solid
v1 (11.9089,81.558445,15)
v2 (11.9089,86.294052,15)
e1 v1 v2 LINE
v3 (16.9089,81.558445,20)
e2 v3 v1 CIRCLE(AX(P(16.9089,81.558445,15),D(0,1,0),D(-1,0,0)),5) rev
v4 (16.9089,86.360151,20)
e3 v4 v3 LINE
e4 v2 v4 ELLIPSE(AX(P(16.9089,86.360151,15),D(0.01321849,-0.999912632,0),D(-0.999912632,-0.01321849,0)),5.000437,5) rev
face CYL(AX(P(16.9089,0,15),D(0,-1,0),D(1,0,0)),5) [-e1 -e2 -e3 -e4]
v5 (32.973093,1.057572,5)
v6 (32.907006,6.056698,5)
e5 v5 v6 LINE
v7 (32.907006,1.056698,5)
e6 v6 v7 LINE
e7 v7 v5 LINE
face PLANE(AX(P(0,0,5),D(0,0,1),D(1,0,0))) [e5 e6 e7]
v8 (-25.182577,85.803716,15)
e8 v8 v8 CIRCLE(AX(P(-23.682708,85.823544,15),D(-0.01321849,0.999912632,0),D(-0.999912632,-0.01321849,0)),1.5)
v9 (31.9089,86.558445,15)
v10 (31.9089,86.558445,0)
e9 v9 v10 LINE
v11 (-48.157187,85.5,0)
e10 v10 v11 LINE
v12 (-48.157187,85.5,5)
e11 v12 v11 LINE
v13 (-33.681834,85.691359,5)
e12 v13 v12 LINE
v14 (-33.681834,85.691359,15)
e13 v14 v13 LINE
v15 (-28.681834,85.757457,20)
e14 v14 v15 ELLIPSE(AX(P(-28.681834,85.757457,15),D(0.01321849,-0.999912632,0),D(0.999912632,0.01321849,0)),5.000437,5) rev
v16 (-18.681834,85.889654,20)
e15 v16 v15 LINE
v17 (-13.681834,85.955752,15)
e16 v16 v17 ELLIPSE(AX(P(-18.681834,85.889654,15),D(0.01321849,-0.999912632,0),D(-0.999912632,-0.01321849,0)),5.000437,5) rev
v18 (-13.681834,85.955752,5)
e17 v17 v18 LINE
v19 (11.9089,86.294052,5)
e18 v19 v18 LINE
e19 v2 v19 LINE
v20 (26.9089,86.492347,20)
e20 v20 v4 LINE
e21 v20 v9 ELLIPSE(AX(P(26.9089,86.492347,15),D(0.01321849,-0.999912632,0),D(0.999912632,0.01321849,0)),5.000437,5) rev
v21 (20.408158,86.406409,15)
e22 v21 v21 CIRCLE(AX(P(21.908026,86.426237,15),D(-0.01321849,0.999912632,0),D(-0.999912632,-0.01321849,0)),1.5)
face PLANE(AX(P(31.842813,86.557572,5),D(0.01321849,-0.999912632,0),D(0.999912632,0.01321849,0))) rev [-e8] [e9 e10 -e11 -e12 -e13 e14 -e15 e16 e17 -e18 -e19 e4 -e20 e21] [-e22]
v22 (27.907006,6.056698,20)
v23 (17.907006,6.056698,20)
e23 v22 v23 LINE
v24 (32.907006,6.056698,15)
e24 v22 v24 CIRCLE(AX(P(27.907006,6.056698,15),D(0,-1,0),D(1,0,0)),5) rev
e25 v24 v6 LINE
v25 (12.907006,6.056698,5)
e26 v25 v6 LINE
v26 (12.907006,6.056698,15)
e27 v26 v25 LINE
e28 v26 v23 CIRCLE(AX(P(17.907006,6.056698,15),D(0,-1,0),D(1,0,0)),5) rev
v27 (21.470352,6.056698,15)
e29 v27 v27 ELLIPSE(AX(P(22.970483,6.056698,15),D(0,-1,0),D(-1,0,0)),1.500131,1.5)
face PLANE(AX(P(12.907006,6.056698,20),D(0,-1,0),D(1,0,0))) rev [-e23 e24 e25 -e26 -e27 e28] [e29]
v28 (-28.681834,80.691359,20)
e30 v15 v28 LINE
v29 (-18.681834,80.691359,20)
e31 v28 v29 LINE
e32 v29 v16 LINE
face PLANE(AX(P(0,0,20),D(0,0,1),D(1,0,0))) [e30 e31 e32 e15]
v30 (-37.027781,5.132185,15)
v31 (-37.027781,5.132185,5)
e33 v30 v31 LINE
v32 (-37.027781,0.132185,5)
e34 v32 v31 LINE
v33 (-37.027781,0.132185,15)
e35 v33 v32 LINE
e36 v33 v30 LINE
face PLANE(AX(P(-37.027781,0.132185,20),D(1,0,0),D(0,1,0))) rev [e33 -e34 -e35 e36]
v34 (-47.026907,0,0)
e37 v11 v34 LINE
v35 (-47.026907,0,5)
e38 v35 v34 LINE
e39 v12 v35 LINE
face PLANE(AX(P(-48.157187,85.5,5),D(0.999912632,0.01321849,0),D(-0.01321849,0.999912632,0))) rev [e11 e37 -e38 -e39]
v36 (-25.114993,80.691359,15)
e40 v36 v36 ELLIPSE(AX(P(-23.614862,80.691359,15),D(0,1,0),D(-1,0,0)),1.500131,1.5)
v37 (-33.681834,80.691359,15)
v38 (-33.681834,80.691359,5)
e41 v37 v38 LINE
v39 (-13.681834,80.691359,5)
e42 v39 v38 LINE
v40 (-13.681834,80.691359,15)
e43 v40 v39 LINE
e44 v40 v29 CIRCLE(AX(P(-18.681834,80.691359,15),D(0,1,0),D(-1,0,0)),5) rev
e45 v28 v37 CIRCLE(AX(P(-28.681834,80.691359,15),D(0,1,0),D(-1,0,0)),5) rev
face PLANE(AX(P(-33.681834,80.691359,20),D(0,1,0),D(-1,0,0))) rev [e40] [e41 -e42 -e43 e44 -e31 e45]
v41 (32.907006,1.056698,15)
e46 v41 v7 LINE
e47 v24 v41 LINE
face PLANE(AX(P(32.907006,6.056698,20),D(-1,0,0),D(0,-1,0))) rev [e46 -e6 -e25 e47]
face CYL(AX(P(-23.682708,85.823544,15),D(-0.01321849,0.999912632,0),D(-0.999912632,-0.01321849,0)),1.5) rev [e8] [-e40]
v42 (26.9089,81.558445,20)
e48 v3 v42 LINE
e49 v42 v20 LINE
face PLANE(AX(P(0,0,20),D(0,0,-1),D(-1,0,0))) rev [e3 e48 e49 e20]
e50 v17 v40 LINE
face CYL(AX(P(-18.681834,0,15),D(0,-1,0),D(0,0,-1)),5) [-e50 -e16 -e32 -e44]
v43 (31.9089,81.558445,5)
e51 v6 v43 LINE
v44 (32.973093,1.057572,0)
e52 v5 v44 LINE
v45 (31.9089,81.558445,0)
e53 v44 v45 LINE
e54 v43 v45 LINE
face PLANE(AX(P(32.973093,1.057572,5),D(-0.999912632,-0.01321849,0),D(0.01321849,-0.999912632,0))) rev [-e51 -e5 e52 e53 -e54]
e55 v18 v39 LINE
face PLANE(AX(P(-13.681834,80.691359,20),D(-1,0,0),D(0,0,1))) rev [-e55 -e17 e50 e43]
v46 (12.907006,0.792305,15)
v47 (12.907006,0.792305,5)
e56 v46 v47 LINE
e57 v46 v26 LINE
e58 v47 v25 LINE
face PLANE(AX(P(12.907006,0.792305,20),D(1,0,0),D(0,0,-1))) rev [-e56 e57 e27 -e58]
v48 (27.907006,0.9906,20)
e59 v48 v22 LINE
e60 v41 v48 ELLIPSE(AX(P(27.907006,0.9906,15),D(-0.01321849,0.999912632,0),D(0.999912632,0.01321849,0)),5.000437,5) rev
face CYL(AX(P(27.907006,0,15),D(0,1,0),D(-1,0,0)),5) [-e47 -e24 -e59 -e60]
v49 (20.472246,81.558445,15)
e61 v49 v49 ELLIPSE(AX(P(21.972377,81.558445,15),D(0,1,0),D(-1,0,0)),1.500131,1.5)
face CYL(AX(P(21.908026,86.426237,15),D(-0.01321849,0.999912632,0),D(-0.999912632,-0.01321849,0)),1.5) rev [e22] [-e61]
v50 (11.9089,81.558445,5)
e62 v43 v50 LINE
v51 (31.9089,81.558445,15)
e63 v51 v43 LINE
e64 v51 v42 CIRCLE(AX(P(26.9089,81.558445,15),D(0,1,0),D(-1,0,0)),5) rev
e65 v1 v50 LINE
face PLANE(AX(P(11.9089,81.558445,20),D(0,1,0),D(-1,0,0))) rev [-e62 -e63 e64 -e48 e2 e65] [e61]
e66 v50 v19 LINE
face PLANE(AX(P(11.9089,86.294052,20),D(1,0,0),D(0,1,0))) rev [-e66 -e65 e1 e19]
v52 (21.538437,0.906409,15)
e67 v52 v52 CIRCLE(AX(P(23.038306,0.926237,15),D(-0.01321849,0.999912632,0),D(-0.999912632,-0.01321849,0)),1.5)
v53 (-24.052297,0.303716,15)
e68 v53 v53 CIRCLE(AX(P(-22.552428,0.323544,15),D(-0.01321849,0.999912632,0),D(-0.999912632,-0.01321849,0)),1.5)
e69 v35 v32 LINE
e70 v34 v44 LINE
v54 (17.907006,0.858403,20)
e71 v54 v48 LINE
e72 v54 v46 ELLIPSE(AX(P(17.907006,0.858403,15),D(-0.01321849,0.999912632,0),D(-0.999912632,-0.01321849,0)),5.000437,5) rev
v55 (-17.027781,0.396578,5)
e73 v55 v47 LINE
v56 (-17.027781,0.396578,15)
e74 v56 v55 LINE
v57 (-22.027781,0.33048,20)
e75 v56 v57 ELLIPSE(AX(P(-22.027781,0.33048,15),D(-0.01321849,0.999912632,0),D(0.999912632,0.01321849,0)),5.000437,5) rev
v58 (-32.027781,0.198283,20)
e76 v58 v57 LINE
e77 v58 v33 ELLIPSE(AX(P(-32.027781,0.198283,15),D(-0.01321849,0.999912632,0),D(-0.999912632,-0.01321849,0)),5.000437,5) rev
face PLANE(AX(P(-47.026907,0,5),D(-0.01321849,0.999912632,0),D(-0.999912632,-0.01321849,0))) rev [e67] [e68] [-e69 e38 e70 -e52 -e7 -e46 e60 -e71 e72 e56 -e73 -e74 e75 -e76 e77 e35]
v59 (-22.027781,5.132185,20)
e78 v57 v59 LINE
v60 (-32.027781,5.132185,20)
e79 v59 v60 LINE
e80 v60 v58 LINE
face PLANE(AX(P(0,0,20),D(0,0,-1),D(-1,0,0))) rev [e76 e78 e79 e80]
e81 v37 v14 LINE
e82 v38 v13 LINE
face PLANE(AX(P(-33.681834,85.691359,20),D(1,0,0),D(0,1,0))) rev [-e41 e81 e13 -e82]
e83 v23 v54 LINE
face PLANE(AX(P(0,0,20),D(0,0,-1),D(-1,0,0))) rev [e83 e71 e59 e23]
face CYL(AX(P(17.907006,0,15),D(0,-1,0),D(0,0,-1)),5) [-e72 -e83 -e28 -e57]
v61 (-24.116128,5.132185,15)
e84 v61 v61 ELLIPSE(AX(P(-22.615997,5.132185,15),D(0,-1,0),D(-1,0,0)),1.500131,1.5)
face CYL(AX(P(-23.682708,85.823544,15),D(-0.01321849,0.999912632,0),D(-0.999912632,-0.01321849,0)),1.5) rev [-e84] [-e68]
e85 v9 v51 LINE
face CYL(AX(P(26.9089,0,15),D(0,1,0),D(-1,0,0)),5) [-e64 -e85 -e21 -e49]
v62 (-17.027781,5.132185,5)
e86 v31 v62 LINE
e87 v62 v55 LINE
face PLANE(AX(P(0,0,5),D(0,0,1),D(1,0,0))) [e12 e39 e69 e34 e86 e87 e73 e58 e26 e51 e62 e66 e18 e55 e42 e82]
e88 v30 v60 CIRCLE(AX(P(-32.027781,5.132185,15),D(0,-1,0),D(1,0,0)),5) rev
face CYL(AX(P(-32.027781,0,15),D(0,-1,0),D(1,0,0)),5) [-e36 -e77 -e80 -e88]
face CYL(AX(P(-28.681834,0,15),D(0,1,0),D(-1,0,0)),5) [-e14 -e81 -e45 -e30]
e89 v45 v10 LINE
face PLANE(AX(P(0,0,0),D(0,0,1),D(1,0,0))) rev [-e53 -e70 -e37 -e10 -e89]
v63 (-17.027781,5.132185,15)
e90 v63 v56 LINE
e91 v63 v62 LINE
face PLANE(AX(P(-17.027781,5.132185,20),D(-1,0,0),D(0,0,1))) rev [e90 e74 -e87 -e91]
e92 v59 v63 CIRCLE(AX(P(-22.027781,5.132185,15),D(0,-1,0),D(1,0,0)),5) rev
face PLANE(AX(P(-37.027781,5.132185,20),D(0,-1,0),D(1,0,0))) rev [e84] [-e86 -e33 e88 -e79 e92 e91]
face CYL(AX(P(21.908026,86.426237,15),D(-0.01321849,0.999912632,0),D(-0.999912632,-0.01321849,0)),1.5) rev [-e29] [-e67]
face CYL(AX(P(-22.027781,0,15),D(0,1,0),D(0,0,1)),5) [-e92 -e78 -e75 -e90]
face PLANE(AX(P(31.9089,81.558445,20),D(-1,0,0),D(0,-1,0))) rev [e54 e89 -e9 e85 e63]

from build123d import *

# Parameters (mm, degrees)
BOSS_EXTRUDE1_DEPTH   = 5
BOSS_EXTRUDE2_DEPTH   = 20
FILLET1_R             = 5
F_3_0MM_DOWEL_HOLE1_D = 3


with BuildPart() as part:
    # Sketch1 → Boss-Extrude1 (new body)
    with BuildSketch(Plane.XY):
        Polygon((-47.026906911, 0), (32.973093089, 1.057571587), (31.842813456, 86.557571587), (-48.157186544, 85.5), align=None)
    extrude(amount=BOSS_EXTRUDE1_DEPTH)

    # Sketch2 → Boss-Extrude2 (add)
    with BuildSketch(Plane.XY):
        Polygon((-33.681834279, 85.691359016), (-33.681834279, 80.691359016), (-13.681834279, 80.691359016), (-13.681834279, 85.955751912), align=None)
        Polygon((11.908900131, 86.294052332), (11.908900131, 81.558445229), (31.908900131, 81.558445229), (31.908900131, 86.558445229), align=None)
        Polygon((-37.027780592, 0.132184899), (-37.027780592, 5.132184899), (-17.027780592, 5.132184899), (-17.027780592, 0.396577795), align=None)
        Polygon((12.907006414, 0.792305048), (12.907006414, 6.056697944), (32.907006414, 6.056697944), (32.907006414, 1.056697944), align=None)
    extrude(amount=BOSS_EXTRUDE2_DEPTH)

    # Fillet1
    fillet1_edges = [part.edges().sort_by_distance(p)[0] for p in [
        (-33.681834279, 83.191359016, 20),
        (-13.681834279, 83.323555464, 20),
        (31.908900131, 84.058445229, 20),
        (11.908900131, 83.926248781, 20),
        (-17.027780592, 2.764381347, 20),
        (-37.027780592, 2.632184899, 20),
        (32.907006414, 3.556697944, 20),
        (12.907006414, 3.424501496, 20),
    ]]
    fillet(fillet1_edges, radius=FILLET1_R)

    # Ø3.0mm Dowel Hole1 (through all)
    with Locations(Plane(origin=(-1.138496573, 86.121570382, 0), x_dir=(0.9999126319463549, 0.013218489857520067, 0), z_dir=(-0.013218489857520067, 0.9999126319463549, 0))):
        with Locations((-22.546181203, -15), (23.048536729, -15)):
            Hole(F_3_0MM_DOWEL_HOLE1_D / 2)


solid = part.part
